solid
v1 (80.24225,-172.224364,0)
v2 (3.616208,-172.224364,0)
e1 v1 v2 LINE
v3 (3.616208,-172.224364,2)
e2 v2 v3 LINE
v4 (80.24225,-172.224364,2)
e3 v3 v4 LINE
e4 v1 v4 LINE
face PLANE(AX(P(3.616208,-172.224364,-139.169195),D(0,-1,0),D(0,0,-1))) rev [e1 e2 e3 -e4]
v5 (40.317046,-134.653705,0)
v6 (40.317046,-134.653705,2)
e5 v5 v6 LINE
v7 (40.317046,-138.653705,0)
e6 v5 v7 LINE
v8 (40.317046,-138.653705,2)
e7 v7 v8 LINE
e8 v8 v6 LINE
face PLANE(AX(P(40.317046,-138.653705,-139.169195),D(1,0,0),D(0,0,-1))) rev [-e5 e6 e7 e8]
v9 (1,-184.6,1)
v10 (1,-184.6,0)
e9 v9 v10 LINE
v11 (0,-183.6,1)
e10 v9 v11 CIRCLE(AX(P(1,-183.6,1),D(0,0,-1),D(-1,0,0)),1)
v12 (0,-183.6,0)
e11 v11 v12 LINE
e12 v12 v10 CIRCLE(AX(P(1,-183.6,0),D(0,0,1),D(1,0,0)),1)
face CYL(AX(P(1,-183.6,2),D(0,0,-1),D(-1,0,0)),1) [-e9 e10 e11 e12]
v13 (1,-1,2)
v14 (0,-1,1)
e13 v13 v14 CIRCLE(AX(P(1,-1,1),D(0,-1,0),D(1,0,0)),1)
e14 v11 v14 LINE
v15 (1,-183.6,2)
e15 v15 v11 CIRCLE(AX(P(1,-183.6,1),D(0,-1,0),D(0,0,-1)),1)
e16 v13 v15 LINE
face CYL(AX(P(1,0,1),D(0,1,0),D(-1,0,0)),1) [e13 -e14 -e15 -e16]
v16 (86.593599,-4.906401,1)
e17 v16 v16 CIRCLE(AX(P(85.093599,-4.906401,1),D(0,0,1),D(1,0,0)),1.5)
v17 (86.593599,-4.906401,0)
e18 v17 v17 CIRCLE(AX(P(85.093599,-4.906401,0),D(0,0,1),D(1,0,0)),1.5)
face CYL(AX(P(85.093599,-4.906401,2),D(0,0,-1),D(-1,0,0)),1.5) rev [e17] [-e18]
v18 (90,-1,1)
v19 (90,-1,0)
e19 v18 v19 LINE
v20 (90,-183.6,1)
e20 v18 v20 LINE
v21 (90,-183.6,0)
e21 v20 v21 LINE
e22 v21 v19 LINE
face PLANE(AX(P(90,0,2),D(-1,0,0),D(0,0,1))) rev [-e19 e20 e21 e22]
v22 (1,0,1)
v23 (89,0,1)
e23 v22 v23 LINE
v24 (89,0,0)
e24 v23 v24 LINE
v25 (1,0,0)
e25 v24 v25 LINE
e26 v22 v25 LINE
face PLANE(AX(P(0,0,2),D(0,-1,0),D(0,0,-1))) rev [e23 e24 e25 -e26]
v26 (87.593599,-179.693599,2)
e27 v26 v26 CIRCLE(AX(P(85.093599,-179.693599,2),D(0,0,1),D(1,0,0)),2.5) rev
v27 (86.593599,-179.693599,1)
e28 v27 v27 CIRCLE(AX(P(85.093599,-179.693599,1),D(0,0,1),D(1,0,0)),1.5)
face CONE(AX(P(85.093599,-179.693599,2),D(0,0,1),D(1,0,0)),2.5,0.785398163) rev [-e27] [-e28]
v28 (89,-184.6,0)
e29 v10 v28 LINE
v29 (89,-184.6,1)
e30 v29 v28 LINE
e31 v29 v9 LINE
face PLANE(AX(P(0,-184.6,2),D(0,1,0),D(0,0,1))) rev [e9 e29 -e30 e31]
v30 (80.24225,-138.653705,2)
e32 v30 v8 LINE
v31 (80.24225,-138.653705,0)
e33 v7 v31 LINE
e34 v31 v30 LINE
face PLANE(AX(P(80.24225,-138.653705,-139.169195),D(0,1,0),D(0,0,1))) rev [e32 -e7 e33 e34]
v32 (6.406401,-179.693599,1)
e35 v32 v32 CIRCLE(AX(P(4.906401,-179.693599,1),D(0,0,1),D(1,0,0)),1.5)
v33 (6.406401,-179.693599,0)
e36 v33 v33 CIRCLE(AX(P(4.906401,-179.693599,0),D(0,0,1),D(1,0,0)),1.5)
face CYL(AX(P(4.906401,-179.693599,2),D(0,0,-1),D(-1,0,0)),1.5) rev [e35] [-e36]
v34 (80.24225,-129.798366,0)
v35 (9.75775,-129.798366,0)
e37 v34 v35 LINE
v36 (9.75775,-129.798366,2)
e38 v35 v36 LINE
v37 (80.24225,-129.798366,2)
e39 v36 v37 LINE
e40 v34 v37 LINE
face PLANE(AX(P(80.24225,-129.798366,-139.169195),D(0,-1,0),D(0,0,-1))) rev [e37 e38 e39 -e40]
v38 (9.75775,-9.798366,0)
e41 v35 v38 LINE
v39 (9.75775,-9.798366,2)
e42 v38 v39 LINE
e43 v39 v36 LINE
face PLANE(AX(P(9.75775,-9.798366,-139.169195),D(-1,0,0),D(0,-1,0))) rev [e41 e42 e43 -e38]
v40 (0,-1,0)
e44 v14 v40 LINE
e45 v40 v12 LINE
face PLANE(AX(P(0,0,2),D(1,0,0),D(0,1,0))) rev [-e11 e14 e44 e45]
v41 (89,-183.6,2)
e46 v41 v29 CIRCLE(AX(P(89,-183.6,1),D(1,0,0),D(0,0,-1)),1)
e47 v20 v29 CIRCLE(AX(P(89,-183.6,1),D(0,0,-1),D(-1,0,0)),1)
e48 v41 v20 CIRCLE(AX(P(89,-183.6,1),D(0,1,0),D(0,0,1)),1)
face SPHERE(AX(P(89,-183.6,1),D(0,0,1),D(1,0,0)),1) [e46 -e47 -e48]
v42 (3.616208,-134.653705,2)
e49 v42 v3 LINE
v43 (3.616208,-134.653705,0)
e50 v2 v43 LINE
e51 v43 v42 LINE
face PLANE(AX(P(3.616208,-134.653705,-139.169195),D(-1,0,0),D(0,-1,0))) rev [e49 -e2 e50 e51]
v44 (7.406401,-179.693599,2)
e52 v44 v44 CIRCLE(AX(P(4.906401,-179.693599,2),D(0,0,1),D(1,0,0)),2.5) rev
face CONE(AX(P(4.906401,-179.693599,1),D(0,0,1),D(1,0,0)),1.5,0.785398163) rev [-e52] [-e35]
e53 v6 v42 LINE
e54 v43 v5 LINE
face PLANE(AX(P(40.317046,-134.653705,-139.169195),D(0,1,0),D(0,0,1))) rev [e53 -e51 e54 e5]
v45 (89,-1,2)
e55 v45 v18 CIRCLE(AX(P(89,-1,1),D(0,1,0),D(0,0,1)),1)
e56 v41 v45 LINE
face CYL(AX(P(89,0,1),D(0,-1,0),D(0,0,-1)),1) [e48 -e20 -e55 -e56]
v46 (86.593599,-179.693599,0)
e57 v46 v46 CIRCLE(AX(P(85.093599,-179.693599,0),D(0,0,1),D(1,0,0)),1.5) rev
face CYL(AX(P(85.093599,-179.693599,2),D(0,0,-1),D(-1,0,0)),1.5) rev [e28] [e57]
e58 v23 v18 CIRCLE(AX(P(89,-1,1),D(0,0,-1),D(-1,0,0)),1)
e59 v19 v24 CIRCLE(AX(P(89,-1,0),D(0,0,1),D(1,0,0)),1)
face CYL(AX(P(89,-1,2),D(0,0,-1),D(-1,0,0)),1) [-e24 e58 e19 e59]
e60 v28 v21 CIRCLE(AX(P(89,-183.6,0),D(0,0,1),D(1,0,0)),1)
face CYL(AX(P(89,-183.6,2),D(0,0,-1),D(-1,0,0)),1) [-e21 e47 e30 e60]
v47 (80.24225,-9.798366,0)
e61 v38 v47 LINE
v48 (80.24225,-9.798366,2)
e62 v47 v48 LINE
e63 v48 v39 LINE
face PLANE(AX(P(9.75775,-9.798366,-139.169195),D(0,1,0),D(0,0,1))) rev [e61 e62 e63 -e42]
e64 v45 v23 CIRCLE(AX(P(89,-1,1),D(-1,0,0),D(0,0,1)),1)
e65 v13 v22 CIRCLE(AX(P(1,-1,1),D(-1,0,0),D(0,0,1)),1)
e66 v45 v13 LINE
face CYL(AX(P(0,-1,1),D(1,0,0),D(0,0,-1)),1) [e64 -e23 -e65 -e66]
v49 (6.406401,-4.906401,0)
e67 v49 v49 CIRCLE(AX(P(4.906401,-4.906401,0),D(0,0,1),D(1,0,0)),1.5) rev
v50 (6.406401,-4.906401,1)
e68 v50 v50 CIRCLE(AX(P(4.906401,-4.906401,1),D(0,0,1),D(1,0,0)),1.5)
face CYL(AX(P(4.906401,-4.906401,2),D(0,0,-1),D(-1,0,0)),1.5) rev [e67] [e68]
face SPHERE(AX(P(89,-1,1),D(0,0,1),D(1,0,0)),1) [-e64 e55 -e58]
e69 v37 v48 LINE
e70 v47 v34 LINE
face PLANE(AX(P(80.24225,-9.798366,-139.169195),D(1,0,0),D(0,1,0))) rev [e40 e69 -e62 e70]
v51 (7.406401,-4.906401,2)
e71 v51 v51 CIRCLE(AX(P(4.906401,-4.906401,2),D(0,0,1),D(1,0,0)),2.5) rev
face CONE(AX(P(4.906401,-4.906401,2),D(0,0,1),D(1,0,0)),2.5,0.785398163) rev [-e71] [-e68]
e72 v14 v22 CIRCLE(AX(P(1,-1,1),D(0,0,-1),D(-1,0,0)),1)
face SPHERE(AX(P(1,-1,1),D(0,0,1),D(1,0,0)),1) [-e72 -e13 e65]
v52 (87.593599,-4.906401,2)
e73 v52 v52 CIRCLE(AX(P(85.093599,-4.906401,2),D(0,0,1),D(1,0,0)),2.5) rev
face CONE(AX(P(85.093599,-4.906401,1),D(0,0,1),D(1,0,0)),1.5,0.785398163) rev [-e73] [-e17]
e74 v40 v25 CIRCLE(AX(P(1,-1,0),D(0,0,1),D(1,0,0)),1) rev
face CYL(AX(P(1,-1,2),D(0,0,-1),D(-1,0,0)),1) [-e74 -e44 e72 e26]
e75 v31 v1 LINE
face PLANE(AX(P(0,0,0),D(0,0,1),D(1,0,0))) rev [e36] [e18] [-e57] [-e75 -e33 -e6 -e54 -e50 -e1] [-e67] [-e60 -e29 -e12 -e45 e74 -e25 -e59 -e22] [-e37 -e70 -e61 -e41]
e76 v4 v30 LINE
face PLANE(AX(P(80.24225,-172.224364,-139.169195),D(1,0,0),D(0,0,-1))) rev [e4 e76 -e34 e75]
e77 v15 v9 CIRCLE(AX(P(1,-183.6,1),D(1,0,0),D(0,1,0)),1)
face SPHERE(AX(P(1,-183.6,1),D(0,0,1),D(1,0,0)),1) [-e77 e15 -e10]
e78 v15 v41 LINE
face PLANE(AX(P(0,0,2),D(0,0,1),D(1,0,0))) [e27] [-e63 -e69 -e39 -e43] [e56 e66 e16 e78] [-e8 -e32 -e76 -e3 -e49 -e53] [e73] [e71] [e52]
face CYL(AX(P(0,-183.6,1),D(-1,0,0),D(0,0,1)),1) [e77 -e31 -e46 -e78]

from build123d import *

# Parameters (mm, degrees)
IZIM1_R                              = 1.5
N_PANEL_DEPTH                        = 2
VIDA_DELIKLERI_45DERECE_PAH_1MM_SIZE = 1
IZIM2_W                              = 70.48450085
IZIM2_H                              = 120
EKRAN_VE_KONTROLC_DELIKLERI_DEPTH    = 2
FILLET1_R                            = 1


with BuildPart() as part:
    # Çizim1 → Ön Panel (new body)
    with BuildSketch(Plane(origin=(0, 0, 0), x_dir=(0, 1, 0), z_dir=(0, 0, 1))):
        with BuildLine():
            Line((-1, 0), (-183.6, 0))
            ThreePointArc((-183.6, 0), (-184.307106781, -0.292893219), (-184.6, -1))
            Line((-184.6, -1), (-184.6, -89))
            ThreePointArc((-184.6, -89), (-184.307106781, -89.707106781), (-183.6, -90))
            Line((-183.6, -90), (-1, -90))
            ThreePointArc((-1, -90), (-0.292893219, -89.707106781), (0, -89))
            Line((0, -89), (0, -1))
            ThreePointArc((0, -1), (-0.292893219, -0.292893219), (-1, 0))
        make_face()
        with Locations((-179.693599404, -4.906400596)):
            Circle(IZIM1_R, mode=Mode.SUBTRACT)
        with Locations((-4.906400596, -4.906400596)):
            Circle(IZIM1_R, mode=Mode.SUBTRACT)
        with Locations((-179.693599404, -85.093599404)):
            Circle(IZIM1_R, mode=Mode.SUBTRACT)
        with Locations((-4.906400596, -85.093599404)):
            Circle(IZIM1_R, mode=Mode.SUBTRACT)
    extrude(amount=N_PANEL_DEPTH)

    # Vida Delikleri 45derece Pah 1mm
    vida_delikleri_45derece_pah_1mm_edges = [part.edges().sort_by_distance(p)[0] for p in [
        (85.093599404, -6.406400596, 2),
        (4.906400596, -6.406400596, 2),
        (4.906400596, -181.193599404, 2),
        (85.093599404, -181.193599404, 2),
    ]]
    chamfer(vida_delikleri_45derece_pah_1mm_edges, length=VIDA_DELIKLERI_45DERECE_PAH_1MM_SIZE)

    # Çizim2 → Ekran ve Kontrolcü delikleri (cut)
    with BuildSketch(Plane.XY.offset(2)):
        with Locations((45, -69.798366298)):
            Rectangle(IZIM2_W, IZIM2_H)
        Polygon((40.317046277, -138.653704662), (40.317046277, -134.653704662), (3.616207615, -134.653704662), (3.616207615, -172.224363873), (80.242250425, -172.224363873), (80.242250425, -138.653704662), align=None)
    extrude(amount=-EKRAN_VE_KONTROLC_DELIKLERI_DEPTH, mode=Mode.SUBTRACT)

    # Fillet1
    fillet1_edges = [part.edges().sort_by_distance(p)[0] for p in [
        (0, -92.3, 2),
        (45, -184.6, 2),
        (90, -92.3, 2),
        (45, 0, 2),
    ]]
    fillet(fillet1_edges, radius=FILLET1_R)


solid = part.part
